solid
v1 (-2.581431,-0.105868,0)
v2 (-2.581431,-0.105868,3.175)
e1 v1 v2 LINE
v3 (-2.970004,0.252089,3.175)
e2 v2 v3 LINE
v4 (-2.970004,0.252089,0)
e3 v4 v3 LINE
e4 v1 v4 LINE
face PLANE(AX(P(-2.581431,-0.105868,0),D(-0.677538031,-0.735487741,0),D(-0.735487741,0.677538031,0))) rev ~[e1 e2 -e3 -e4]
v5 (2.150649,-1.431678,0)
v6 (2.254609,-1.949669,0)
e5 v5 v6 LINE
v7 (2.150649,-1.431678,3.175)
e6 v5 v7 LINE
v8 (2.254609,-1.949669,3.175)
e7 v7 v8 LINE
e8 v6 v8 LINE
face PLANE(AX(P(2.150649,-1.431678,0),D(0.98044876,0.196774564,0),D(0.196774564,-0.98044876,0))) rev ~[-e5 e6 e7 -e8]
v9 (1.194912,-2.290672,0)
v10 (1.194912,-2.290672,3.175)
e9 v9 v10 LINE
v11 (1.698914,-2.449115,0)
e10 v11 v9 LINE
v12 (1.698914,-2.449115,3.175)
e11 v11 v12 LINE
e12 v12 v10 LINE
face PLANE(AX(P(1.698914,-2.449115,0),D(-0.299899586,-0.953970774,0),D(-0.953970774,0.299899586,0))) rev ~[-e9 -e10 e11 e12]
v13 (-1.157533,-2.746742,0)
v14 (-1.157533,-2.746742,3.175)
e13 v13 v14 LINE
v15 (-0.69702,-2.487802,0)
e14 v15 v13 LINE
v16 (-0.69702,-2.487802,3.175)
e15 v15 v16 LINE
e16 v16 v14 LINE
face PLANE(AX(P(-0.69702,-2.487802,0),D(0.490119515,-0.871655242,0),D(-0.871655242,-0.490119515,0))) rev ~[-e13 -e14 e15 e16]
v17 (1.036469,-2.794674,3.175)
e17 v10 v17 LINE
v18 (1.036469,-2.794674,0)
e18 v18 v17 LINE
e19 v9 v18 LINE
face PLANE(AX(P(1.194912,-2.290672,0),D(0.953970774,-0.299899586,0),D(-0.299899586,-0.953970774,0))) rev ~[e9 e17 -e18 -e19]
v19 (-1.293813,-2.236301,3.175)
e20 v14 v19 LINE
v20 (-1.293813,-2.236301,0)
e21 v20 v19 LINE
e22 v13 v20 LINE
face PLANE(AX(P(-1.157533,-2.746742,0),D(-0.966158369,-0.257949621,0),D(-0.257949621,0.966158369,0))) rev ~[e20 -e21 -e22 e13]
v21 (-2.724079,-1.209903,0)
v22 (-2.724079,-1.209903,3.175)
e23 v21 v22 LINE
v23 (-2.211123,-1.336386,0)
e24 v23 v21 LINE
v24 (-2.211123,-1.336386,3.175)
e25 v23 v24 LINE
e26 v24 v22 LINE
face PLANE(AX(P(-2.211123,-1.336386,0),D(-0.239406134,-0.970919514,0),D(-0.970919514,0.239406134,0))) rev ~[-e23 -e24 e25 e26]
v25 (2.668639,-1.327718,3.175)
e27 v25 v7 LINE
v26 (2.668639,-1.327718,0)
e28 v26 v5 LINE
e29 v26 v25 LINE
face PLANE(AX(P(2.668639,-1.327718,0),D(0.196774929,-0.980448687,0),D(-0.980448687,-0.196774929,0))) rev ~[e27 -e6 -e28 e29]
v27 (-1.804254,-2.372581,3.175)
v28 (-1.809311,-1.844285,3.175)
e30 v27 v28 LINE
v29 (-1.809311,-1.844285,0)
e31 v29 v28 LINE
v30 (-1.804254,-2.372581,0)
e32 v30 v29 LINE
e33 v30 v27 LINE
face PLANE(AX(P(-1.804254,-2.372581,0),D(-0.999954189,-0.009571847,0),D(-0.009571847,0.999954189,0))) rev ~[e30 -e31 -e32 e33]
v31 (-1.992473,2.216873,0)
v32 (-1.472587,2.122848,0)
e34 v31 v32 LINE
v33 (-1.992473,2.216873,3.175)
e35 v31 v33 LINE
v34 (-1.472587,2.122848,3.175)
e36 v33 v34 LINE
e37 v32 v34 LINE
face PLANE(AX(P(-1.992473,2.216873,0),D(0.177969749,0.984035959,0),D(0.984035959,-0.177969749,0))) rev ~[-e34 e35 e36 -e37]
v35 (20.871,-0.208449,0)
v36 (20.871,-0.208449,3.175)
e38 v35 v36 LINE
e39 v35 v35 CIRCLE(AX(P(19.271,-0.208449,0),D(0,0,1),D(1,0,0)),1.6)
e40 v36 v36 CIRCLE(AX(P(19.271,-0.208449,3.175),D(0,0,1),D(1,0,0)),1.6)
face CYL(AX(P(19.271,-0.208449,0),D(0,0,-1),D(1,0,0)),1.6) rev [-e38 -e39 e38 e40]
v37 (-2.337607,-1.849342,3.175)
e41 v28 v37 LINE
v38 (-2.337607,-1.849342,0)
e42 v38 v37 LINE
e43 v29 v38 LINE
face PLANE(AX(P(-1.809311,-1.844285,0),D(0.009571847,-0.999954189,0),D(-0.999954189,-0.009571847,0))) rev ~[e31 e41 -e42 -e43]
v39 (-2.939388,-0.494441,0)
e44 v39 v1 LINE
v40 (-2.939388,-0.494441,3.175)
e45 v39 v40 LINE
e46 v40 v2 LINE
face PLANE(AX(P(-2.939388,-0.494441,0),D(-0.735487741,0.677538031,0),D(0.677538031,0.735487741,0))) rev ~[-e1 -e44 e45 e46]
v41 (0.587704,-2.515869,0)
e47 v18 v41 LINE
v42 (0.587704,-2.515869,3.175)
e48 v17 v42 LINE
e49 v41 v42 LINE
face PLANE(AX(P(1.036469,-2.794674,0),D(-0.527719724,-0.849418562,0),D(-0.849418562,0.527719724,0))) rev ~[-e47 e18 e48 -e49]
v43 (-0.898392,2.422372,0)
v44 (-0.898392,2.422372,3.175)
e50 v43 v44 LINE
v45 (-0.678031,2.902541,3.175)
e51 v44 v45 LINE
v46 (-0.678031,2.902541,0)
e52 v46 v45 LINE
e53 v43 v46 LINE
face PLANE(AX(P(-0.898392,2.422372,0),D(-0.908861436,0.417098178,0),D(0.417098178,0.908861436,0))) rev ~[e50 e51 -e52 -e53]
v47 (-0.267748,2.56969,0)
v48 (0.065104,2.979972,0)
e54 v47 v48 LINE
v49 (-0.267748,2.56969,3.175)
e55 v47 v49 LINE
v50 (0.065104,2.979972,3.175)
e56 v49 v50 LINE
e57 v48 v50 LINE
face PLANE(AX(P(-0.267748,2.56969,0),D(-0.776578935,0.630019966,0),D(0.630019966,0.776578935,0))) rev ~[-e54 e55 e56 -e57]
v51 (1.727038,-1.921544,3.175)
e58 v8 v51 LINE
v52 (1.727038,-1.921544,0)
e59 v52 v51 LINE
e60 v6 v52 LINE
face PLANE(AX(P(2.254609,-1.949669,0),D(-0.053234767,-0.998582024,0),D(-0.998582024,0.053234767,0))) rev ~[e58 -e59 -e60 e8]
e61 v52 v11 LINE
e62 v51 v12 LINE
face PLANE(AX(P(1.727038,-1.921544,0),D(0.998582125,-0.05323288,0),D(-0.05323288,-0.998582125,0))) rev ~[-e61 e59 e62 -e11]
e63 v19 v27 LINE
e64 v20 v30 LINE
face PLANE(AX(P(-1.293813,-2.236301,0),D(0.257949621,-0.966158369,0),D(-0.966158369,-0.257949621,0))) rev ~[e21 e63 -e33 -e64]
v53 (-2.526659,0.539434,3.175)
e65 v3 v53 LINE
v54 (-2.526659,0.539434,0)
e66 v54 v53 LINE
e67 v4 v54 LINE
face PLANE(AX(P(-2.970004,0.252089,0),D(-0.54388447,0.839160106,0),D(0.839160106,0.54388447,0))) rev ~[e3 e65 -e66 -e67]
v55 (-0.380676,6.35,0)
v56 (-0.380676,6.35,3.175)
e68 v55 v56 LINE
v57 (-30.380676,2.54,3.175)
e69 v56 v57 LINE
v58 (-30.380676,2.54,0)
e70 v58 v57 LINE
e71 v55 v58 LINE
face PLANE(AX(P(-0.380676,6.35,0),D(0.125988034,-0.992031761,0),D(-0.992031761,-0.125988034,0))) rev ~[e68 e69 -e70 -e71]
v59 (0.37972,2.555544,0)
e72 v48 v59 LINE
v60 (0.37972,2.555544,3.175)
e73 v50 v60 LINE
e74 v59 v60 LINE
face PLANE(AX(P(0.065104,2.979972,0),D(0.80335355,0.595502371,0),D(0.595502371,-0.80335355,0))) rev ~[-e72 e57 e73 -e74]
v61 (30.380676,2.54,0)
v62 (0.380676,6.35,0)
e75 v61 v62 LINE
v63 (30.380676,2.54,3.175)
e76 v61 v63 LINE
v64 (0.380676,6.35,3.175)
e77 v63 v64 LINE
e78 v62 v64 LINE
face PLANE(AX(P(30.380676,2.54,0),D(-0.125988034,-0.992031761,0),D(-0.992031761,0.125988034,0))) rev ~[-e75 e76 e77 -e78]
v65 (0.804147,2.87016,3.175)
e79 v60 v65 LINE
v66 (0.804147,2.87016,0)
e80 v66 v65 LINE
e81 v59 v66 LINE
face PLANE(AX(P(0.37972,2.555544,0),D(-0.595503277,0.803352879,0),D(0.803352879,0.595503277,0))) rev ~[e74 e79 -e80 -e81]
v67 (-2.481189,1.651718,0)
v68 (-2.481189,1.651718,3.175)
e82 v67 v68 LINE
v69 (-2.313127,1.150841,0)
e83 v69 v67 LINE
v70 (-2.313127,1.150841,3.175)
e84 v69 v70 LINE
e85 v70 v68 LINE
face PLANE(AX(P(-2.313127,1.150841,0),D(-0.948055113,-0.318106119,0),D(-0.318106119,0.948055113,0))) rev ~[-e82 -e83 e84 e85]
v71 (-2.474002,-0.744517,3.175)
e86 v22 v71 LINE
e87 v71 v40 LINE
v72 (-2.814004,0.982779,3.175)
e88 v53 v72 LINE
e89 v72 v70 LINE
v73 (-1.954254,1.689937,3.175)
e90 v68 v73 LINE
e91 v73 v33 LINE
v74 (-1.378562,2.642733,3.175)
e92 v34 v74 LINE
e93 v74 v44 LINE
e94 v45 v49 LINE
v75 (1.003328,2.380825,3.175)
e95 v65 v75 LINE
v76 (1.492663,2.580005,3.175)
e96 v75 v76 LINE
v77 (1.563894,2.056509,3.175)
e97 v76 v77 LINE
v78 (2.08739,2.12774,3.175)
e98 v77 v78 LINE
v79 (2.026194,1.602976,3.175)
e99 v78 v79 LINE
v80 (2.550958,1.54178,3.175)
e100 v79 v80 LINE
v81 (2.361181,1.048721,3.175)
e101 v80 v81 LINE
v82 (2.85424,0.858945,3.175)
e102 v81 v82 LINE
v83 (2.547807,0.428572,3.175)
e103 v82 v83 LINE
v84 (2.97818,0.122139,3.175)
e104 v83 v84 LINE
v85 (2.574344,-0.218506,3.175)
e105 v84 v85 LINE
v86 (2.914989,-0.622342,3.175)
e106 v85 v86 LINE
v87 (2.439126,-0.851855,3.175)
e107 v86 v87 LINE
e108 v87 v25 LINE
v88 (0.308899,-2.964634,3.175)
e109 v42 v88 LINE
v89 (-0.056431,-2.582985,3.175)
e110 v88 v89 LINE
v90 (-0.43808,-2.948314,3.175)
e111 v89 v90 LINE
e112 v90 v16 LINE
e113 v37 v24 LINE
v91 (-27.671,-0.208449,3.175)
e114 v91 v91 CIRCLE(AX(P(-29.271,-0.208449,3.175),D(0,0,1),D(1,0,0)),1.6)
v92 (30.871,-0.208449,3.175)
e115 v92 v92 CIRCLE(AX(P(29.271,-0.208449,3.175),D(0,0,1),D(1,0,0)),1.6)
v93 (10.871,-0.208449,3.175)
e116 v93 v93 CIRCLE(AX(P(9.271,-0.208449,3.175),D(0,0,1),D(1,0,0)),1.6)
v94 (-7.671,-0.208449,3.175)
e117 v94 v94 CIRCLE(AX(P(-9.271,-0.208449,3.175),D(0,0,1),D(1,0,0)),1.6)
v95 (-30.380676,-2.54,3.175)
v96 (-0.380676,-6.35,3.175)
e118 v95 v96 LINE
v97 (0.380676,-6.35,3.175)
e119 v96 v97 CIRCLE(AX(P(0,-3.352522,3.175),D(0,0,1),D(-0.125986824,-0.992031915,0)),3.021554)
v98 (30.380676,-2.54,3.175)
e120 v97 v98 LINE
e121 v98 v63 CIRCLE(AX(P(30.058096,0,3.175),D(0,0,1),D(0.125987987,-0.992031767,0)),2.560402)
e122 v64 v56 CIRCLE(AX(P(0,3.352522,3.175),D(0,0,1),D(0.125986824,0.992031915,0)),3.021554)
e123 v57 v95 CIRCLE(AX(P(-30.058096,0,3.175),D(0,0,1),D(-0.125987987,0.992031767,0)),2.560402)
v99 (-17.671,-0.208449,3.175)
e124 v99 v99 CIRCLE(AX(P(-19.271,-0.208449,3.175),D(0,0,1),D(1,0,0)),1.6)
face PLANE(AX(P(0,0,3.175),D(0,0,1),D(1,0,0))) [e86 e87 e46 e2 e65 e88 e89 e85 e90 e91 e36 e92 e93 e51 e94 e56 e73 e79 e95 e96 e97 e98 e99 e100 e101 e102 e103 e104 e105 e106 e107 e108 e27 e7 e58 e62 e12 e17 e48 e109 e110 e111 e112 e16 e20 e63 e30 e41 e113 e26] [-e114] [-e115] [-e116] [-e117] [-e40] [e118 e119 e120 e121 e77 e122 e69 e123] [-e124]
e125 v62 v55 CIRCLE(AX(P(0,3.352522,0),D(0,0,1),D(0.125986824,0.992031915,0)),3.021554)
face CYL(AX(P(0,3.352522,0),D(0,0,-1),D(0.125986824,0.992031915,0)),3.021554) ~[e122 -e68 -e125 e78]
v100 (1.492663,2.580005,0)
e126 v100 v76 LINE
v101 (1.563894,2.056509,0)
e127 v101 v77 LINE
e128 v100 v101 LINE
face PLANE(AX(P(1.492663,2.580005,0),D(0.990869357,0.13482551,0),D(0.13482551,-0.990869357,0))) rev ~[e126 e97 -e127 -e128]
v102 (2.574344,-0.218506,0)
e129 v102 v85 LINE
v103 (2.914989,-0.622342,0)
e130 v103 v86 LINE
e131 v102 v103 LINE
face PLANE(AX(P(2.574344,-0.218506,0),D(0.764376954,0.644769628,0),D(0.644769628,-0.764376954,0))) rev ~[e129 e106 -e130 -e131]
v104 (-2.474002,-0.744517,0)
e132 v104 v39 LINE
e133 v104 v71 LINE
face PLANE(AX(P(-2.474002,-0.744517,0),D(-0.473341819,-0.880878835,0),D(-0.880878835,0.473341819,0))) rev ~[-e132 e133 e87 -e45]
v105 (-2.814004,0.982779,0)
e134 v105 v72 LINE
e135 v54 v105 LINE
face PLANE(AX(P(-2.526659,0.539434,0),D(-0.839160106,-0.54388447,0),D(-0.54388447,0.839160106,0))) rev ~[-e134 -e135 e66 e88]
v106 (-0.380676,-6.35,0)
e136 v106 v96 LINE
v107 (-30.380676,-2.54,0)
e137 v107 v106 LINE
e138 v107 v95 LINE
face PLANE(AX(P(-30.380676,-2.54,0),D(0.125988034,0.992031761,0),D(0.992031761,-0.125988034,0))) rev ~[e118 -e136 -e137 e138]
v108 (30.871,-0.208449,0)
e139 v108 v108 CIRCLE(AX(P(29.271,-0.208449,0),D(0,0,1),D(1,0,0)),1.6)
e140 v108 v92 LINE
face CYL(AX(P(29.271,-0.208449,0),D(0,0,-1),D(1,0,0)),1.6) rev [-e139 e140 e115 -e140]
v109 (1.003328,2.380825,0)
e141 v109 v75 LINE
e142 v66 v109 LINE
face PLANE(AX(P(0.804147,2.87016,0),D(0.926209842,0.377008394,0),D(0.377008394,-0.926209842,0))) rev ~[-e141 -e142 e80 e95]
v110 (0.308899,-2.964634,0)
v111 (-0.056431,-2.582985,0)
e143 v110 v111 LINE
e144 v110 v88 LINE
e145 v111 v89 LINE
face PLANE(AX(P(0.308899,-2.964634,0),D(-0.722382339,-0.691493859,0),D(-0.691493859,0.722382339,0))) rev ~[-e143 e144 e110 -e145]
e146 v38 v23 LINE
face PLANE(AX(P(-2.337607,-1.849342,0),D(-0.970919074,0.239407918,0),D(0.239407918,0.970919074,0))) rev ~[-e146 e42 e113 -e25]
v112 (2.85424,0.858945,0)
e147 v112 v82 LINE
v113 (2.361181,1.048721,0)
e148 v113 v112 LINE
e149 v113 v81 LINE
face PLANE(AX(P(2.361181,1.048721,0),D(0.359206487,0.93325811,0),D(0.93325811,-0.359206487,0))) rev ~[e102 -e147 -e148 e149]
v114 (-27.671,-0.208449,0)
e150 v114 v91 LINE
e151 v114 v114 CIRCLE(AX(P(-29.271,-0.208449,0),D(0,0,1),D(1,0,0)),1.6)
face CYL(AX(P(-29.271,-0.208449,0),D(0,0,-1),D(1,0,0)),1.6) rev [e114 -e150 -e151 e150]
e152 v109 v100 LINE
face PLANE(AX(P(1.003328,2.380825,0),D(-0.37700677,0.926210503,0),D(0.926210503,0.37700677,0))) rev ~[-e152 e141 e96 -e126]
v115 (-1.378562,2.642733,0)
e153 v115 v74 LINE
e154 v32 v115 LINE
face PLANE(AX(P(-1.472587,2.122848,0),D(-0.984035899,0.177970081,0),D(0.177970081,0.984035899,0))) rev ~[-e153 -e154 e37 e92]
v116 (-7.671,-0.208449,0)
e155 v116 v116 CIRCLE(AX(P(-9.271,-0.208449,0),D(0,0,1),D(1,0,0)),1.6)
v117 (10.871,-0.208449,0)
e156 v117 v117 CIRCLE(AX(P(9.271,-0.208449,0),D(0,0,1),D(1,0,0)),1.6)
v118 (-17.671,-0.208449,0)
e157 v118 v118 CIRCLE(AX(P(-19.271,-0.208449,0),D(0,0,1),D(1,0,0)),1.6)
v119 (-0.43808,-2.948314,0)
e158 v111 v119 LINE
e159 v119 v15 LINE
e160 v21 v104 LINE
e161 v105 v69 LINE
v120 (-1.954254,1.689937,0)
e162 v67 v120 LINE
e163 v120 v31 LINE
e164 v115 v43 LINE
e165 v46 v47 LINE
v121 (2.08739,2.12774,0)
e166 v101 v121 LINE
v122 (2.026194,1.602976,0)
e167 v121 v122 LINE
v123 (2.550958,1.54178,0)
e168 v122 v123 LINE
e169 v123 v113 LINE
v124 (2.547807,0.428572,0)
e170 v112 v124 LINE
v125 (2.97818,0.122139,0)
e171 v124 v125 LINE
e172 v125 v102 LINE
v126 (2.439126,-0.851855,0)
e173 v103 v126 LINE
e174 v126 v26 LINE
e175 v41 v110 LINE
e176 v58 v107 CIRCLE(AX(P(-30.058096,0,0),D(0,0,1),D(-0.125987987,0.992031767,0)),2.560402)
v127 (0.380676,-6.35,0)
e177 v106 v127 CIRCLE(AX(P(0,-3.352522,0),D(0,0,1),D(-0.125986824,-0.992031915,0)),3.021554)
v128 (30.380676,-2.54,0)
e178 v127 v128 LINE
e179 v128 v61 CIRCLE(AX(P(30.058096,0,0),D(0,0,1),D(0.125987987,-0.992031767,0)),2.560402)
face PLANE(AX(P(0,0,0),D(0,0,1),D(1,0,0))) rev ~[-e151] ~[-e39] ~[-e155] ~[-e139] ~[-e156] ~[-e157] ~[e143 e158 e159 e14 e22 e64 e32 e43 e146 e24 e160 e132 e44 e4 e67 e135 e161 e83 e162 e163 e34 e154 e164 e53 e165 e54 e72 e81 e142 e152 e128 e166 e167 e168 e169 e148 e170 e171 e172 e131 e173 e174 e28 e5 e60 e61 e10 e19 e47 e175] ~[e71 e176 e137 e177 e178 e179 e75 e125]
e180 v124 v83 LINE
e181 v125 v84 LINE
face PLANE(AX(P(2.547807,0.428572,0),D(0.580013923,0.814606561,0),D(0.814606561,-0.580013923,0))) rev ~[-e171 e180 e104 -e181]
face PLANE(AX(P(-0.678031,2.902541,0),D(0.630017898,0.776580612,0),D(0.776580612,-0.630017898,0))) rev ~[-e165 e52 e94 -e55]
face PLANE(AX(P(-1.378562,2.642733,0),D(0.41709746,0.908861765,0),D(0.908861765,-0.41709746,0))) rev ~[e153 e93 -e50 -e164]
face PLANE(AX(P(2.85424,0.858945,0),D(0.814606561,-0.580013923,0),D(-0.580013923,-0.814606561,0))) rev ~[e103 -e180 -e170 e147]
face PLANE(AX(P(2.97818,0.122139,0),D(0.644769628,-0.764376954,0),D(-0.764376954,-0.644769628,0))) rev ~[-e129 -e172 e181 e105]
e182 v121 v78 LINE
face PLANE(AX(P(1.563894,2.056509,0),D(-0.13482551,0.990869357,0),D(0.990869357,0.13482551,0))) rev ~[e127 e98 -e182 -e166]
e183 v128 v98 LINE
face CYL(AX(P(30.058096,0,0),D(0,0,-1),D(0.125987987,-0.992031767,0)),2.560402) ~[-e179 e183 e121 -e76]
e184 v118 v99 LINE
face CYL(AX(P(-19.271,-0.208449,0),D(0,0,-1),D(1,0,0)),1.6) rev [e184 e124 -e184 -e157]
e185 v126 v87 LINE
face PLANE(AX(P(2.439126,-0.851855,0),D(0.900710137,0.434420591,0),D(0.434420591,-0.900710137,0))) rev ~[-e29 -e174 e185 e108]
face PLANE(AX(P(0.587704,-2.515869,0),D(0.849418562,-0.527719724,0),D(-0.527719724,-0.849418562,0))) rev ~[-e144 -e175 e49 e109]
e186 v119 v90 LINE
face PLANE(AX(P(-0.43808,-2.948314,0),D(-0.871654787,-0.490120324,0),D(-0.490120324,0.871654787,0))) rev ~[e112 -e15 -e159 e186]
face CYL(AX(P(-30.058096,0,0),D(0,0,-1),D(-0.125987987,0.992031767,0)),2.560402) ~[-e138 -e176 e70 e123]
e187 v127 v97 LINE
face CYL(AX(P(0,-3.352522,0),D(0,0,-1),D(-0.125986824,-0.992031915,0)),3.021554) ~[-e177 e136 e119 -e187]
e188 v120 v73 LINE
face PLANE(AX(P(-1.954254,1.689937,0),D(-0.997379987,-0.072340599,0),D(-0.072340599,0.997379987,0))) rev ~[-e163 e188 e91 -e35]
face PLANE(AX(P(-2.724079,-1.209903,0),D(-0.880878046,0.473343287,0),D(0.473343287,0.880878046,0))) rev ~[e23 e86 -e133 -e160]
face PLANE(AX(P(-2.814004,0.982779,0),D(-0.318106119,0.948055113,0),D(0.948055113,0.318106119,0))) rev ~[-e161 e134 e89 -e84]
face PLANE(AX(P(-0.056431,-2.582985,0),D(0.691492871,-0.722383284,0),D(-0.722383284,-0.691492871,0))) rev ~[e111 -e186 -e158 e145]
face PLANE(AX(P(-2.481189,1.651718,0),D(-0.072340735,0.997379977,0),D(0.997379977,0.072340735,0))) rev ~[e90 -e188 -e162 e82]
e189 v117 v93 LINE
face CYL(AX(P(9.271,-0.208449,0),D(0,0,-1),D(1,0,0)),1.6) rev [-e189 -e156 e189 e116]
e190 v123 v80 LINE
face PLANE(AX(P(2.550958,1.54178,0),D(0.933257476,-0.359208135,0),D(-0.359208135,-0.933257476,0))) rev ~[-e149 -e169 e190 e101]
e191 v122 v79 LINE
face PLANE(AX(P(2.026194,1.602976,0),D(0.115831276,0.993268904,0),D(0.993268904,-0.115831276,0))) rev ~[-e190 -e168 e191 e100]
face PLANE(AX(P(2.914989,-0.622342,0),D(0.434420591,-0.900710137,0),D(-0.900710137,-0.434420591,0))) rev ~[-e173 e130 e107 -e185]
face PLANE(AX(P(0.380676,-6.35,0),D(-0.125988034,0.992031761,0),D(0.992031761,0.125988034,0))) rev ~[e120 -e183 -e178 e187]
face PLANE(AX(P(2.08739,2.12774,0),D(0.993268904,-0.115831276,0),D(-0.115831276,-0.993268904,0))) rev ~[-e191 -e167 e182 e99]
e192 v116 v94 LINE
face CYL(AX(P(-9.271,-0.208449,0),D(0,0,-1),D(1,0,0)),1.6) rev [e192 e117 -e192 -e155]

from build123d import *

# Parameters (mm, degrees)
F0_R     = 1.6
F1_DEPTH = 3.175


with BuildPart() as f1:
    # F0 (on Top) → F1 (new body)
    with BuildSketch(Plane.XY):
        with BuildLine():
            ThreePointArc((0.380676, 6.35), (0, 6.374076), (-0.380676, 6.35))
            Line((-0.380676, 6.35), (-30.380676, 2.54))
            ThreePointArc((-30.380676, 2.54), (-32.618498, 0), (-30.380676, -2.54))
            Line((-30.380676, -2.54), (-0.380676, -6.35))
            ThreePointArc((-0.380676, -6.35), (0, -6.374076), (0.380676, -6.35))
            Line((0.380676, -6.35), (30.380676, -2.54))
            ThreePointArc((30.380676, -2.54), (32.618498, 0), (30.380676, 2.54))
            Line((30.380676, 2.54), (0.380676, 6.35))
        make_face()
        with Locations((-29.271, -0.208449)):
            Circle(F0_R, mode=Mode.SUBTRACT)
        with Locations((-19.271, -0.208449)):
            Circle(F0_R, mode=Mode.SUBTRACT)
        with Locations((-9.271, -0.208449)):
            Circle(F0_R, mode=Mode.SUBTRACT)
        with Locations((9.271, -0.208449)):
            Circle(F0_R, mode=Mode.SUBTRACT)
        with Locations((19.271, -0.208449)):
            Circle(F0_R, mode=Mode.SUBTRACT)
        with Locations((29.271, -0.208449)):
            Circle(F0_R, mode=Mode.SUBTRACT)
        Polygon((-2.313127, 1.150841), (-2.481189, 1.651718), (-1.954254, 1.689937), (-1.992473, 2.216873), (-1.472587, 2.122848), (-1.378562, 2.642733), (-0.898392, 2.422372), (-0.678031, 2.902541), (-0.267748, 2.56969), (0.065104, 2.979972), (0.37972, 2.555544), (0.804147, 2.87016), (1.003328, 2.380825), (1.492663, 2.580005), (1.563894, 2.056509), (2.08739, 2.12774), (2.026194, 1.602976), (2.550958, 1.54178), (2.361181, 1.048721), (2.85424, 0.858945), (2.547807, 0.428572), (2.97818, 0.122139), (2.574344, -0.218506), (2.914989, -0.622342), (2.439126, -0.851855), (2.668639, -1.327718), (2.150649, -1.431678), (2.254609, -1.949669), (1.727038, -1.921544), (1.698914, -2.449115), (1.194912, -2.290672), (1.036469, -2.794674), (0.587704, -2.515869), (0.308899, -2.964634), (-0.056431, -2.582985), (-0.43808, -2.948314), (-0.69702, -2.487802), (-1.157533, -2.746742), (-1.293813, -2.236301), (-1.804254, -2.372581), (-1.809311, -1.844285), (-2.337607, -1.849342), (-2.211123, -1.336386), (-2.724079, -1.209903), (-2.474002, -0.744517), (-2.939388, -0.494441), (-2.581431, -0.105868), (-2.970004, 0.252089), (-2.526659, 0.539434), (-2.814004, 0.982779), align=None, mode=Mode.SUBTRACT)
    extrude(amount=F1_DEPTH)


solid = f1.part
